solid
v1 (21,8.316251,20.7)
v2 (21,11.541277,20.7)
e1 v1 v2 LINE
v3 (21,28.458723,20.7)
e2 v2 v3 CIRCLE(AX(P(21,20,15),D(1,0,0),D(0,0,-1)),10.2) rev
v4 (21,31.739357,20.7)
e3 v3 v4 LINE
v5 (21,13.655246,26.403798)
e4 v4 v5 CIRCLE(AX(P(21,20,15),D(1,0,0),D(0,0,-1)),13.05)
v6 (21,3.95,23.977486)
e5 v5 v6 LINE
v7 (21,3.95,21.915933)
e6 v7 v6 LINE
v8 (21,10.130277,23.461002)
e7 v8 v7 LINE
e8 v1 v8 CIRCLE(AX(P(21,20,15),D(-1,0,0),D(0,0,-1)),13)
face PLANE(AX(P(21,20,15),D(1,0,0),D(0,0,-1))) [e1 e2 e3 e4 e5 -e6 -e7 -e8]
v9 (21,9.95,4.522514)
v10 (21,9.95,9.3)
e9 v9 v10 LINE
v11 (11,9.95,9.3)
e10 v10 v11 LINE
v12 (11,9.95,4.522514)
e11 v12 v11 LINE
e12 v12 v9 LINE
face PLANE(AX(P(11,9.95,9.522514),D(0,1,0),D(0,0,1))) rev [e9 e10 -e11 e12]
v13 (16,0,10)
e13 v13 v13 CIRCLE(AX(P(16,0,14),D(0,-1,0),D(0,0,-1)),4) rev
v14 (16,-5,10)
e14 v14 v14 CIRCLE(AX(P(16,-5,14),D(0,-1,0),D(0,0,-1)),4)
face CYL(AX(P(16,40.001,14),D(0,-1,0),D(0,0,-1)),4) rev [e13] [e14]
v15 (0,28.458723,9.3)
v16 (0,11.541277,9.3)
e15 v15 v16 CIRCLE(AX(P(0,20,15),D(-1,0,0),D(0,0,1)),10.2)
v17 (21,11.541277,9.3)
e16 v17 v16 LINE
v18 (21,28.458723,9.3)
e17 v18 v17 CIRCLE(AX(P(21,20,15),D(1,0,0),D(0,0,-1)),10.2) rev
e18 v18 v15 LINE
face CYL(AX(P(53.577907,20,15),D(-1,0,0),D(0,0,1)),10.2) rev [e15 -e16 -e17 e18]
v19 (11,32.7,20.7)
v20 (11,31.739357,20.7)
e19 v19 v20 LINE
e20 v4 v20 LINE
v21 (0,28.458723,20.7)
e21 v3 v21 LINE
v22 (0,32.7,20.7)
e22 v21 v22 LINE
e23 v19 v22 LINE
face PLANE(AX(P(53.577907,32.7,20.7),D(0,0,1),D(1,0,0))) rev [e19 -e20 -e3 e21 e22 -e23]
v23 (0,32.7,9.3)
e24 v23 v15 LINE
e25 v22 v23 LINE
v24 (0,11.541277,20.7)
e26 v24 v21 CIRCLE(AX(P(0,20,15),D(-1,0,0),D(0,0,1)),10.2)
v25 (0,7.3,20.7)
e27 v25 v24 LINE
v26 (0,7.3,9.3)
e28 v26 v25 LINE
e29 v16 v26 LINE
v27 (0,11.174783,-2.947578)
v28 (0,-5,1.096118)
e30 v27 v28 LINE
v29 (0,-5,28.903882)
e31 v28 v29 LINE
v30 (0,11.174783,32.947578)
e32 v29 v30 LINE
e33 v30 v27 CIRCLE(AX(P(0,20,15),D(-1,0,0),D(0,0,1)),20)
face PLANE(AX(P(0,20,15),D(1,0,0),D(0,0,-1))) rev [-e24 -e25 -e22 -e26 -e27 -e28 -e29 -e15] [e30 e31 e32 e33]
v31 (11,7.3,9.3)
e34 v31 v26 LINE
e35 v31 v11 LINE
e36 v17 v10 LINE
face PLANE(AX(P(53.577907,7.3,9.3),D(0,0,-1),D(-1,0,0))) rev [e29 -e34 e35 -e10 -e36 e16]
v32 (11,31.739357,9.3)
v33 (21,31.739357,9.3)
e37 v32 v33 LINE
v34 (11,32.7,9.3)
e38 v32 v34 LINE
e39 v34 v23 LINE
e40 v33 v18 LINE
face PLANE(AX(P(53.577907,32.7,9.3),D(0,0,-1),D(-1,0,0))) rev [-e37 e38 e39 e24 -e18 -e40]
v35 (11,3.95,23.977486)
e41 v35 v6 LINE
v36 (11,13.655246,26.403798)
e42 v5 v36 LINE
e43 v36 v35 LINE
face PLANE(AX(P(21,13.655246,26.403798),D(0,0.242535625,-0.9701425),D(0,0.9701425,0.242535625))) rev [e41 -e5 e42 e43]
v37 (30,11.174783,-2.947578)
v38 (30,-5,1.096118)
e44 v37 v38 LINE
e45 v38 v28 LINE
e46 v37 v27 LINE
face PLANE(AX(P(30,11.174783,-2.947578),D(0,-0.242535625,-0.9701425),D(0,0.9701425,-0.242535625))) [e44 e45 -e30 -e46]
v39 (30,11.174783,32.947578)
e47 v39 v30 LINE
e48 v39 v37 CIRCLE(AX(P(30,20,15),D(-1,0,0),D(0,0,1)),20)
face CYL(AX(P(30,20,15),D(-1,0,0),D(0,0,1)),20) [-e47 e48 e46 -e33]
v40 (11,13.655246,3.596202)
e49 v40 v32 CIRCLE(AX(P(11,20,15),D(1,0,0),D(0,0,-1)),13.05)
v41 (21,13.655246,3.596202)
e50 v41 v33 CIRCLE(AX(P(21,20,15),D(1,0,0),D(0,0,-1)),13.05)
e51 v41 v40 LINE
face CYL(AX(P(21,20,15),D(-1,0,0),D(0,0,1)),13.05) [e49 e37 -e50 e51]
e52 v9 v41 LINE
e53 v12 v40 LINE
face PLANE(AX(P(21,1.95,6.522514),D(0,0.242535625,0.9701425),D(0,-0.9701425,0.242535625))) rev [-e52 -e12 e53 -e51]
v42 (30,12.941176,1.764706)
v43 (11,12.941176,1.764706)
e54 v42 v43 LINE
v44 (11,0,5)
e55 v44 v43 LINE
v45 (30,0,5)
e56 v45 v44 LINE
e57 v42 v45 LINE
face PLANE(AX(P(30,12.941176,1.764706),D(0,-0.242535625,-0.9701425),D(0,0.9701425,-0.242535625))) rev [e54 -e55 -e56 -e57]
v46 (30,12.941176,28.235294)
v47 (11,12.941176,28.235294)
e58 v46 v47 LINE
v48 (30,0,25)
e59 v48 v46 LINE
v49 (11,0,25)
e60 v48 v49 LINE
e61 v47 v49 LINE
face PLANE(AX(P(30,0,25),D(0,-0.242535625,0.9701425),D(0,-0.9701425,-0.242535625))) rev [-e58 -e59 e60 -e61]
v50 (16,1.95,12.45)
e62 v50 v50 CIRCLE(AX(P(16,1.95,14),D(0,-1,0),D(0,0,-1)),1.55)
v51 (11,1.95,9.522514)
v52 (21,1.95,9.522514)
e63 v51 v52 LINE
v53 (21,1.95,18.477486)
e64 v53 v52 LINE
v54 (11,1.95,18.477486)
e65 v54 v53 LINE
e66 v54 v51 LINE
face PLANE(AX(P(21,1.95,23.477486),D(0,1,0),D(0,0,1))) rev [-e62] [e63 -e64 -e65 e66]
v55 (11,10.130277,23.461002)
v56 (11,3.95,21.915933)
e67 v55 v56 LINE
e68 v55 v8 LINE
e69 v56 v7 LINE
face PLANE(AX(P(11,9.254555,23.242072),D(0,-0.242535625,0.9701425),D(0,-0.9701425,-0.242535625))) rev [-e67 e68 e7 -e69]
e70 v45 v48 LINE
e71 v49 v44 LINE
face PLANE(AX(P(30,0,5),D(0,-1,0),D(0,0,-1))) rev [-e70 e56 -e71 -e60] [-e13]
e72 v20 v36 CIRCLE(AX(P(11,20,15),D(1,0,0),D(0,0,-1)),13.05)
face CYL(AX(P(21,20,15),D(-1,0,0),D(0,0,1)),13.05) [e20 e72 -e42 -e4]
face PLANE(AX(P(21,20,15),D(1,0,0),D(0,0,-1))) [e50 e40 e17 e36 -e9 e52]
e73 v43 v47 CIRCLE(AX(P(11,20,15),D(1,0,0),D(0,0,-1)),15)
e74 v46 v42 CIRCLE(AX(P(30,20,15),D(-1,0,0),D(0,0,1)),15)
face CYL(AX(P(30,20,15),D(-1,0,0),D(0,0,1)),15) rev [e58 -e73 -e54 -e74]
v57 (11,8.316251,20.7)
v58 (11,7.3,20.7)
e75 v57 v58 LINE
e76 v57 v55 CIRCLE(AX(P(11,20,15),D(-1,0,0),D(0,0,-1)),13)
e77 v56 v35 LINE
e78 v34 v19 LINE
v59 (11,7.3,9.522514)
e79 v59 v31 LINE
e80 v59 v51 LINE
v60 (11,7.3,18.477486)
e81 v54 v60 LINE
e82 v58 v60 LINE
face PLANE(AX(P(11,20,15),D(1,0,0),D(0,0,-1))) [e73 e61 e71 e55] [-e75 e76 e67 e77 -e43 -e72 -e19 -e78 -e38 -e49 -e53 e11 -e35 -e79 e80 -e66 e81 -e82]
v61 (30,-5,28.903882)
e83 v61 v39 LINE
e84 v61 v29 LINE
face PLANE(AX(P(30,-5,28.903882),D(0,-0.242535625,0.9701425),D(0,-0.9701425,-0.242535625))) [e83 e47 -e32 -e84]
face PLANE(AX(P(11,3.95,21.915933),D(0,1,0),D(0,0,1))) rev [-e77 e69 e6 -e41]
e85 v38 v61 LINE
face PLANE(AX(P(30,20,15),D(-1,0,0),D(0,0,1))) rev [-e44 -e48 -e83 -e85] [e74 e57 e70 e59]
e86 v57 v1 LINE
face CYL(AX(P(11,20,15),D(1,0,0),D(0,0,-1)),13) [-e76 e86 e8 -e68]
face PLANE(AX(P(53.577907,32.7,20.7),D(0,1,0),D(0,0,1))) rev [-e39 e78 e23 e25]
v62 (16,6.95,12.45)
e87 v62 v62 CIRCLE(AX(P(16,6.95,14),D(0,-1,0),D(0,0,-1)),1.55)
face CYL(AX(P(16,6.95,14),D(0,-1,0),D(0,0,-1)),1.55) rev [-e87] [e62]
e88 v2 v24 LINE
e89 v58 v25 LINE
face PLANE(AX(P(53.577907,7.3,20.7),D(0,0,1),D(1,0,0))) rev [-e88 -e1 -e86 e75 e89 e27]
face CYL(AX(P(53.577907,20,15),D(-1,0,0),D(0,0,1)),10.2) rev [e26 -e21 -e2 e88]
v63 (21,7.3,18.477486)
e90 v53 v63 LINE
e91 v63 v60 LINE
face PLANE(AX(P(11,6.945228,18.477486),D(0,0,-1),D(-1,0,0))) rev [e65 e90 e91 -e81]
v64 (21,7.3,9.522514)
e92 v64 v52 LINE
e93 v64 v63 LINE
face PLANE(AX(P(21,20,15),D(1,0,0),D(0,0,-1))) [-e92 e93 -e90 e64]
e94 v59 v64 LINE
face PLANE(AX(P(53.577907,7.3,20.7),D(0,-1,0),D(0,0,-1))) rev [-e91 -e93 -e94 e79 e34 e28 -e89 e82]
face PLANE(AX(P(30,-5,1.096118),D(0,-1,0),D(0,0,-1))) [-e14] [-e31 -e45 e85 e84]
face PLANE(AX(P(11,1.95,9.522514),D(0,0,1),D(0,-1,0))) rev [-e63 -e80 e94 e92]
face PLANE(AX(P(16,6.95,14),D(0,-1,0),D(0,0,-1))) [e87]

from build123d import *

# Parameters (mm, degrees)
CROQUIS1_R              = 10
SALIENTE_EXTRUIR1_DEPTH = 11
CROQUIS2_R              = 10
SALIENTE_EXTRUIR2_DEPTH = 10
CORTAR_EXTRUIR3_DEPTH   = 10
CROQUIS8_R              = 1.55
CORTAR_EXTRUIR4_DEPTH   = 5
CORTAR_EXTRUIR5_REACH   = 52.656
CORTAR_EXTRUIR6_START   = -10
CORTAR_EXTRUIR6_DEPTH   = 10
SALIENTE_EXTRUIR3_DEPTH = 30
CORTAR_EXTRUIR7_REACH   = 66.42
CROQUIS14_R             = 4


with BuildPart() as part:
    # Croquis1 → Saliente-Extruir1 (new body)
    with BuildSketch(Plane(origin=(0, 0, 0), x_dir=(0, 0, -1), z_dir=(1, 0, 0))):
        with BuildLine():
            Line((-5.780776406, 0), (-24.219223594, 0))
            Line((-24.219223594, 0), (-25, 0))
            Line((-25, 0), (-25.189366094, 0.757464375))
            Line((-25.189366094, 0.757464375), (-28.235294118, 12.941176471))
            ThreePointArc((-28.235294118, 12.941176471), (-15, 35), (-1.764705882, 12.941176471))
            Line((-1.764705882, 12.941176471), (-4.810633906, 0.757464375))
            Line((-4.810633906, 0.757464375), (-5, 0))
            Line((-5, 0), (-5.780776406, 0))
        make_face()
        with Locations((-15, 20)):
            Circle(CROQUIS1_R, mode=Mode.SUBTRACT)
    extrude(amount=SALIENTE_EXTRUIR1_DEPTH)

    # Croquis2 → Saliente-Extruir2 (add)
    with BuildSketch(Plane(origin=(11, 0, 0), x_dir=(0, 0, -1), z_dir=(1, 0, 0))):
        with BuildLine():
            Line((-23.477486008, 1.95), (-6.522513992, 1.95))
            Line((-6.522513992, 1.95), (-3.59620246, 13.655246131))
            ThreePointArc((-3.59620246, 13.655246131), (-15, 33.05), (-26.40379754, 13.655246131))
            Line((-26.40379754, 13.655246131), (-23.477486008, 1.95))
        make_face()
        with Locations((-15, 20)):
            Circle(CROQUIS2_R, mode=Mode.SUBTRACT)
    extrude(amount=SALIENTE_EXTRUIR2_DEPTH)

    # Croquis3 → Cortar-Extruir3 (cut)
    with BuildSketch(Plane(origin=(21, 0, 0), x_dir=(0, 0, -1), z_dir=(1, 0, 0))):
        Polygon((-9.522513992, 1.95), (-9.522513992, 9.95), (-4.522513992, 9.95), (-6.522513992, 1.95), align=None)
        with BuildLine():
            Line((-23.477486008, 1.95), (-18.477486008, 1.95))
            Line((-18.477486008, 1.95), (-18.477486008, 6.945227656))
            Line((-18.477486008, 6.945227656), (-18.477486008, 7.473743933))
            ThreePointArc((-18.477486008, 7.473743933), (-21.115240601, 8.528128645), (-23.461002355, 10.130276643))
            Line((-23.461002355, 10.130276643), (-23.242071918, 9.254554893))
            Line((-23.242071918, 9.254554893), (-21.915933195, 3.95))
            Line((-21.915933195, 3.95), (-23.977486008, 3.95))
            Line((-23.977486008, 3.95), (-23.477486008, 1.95))
        make_face()
    extrude(amount=-CORTAR_EXTRUIR3_DEPTH, mode=Mode.SUBTRACT)

    # Croquis8 → Cortar-Extruir4 (cut)
    with BuildSketch(Plane.XZ.offset(-1.95)):
        with Locations(Location((16, 14, 0), (0, 0, 270))):
            Circle(CROQUIS8_R)
    extrude(amount=-CORTAR_EXTRUIR4_DEPTH, mode=Mode.SUBTRACT)

    # Cortar-Extruir5: up to this face of the body (flat: up to its plane)
    cortar_extruir5_end = Plane(part.part.faces().sort_by_distance((21, 32.643992611, 15))[0])
    # Croquis11 → Cortar-Extruir5 (cut, up to the picked face)
    with BuildSketch(Plane.ZY, mode=Mode.PRIVATE) as cortar_extruir5_sk1:
        with BuildLine():
            Line((20.7, 32.7), (9.3, 32.7))
            Line((9.3, 32.7), (9.3, 28.458723308))
            ThreePointArc((9.3, 28.458723308), (4.8, 20), (9.3, 11.541276692))
            Line((9.3, 11.541276692), (9.3, 7.3))
            Line((9.3, 7.3), (20.7, 7.3))
            Line((20.7, 7.3), (20.7, 11.541276692))
            ThreePointArc((20.7, 11.541276692), (25.2, 20), (20.7, 28.458723308))
            Line((20.7, 28.458723308), (20.7, 32.7))
        make_face()
    cortar_extruir5_tool1 = split(extrude(cortar_extruir5_sk1.sketch, amount=-CORTAR_EXTRUIR5_REACH, mode=Mode.PRIVATE), bisect_by=cortar_extruir5_end, keep=Keep.BOTH, mode=Mode.PRIVATE)
    add(cortar_extruir5_tool1.solids().sort_by(Axis((0, 20, 15), (1, 0, 0)))[0], mode=Mode.SUBTRACT)

    # Croquis12 → Cortar-Extruir6 (cut)
    with BuildSketch(Plane(origin=(21, 0, 0), x_dir=(0, 0, -1), z_dir=(1, 0, 0)).offset(CORTAR_EXTRUIR6_START)):
        with BuildLine():
            Line((-18.00208261, 32.7), (-11.99791739, 32.7))
            ThreePointArc((-11.99791739, 32.7), (-15, 33.05), (-18.00208261, 32.7))
        make_face()
    extrude(amount=CORTAR_EXTRUIR6_DEPTH, mode=Mode.SUBTRACT)

    # Croquis13 → Saliente-Extruir3 (add)
    with BuildSketch(Plane.ZY):
        with BuildLine():
            Line((1.096117968, -5), (28.903882032, -5))
            Line((28.903882032, -5), (32.947577878, 11.174783385))
            ThreePointArc((32.947577878, 11.174783385), (15, 40), (-2.947577878, 11.174783385))
            Line((-2.947577878, 11.174783385), (1.096117968, -5))
        make_face()
        with BuildLine():
            Line((5, 0), (25, 0))
            Line((25, 0), (28.235294118, 12.941176471))
            ThreePointArc((28.235294118, 12.941176471), (15, 35), (1.764705882, 12.941176471))
            Line((1.764705882, 12.941176471), (5, 0))
        make_face(mode=Mode.SUBTRACT)
    extrude(amount=-SALIENTE_EXTRUIR3_DEPTH)

    # Croquis14 → Cortar-Extruir7 (cut, up to next)
    with BuildSketch(Plane.XZ.offset(5), mode=Mode.PRIVATE) as cortar_extruir7_sk1:
        with Locations(Location((16, 14, 0), (0, 0, 270))):
            Circle(CROQUIS14_R)
    cortar_extruir7_tool1 = extrude(cortar_extruir7_sk1.sketch, amount=-CORTAR_EXTRUIR7_REACH, mode=Mode.PRIVATE) & part.part
    add(cortar_extruir7_tool1.solids().sort_by_distance((16, -5, 14))[0], mode=Mode.SUBTRACT)


solid = part.part
